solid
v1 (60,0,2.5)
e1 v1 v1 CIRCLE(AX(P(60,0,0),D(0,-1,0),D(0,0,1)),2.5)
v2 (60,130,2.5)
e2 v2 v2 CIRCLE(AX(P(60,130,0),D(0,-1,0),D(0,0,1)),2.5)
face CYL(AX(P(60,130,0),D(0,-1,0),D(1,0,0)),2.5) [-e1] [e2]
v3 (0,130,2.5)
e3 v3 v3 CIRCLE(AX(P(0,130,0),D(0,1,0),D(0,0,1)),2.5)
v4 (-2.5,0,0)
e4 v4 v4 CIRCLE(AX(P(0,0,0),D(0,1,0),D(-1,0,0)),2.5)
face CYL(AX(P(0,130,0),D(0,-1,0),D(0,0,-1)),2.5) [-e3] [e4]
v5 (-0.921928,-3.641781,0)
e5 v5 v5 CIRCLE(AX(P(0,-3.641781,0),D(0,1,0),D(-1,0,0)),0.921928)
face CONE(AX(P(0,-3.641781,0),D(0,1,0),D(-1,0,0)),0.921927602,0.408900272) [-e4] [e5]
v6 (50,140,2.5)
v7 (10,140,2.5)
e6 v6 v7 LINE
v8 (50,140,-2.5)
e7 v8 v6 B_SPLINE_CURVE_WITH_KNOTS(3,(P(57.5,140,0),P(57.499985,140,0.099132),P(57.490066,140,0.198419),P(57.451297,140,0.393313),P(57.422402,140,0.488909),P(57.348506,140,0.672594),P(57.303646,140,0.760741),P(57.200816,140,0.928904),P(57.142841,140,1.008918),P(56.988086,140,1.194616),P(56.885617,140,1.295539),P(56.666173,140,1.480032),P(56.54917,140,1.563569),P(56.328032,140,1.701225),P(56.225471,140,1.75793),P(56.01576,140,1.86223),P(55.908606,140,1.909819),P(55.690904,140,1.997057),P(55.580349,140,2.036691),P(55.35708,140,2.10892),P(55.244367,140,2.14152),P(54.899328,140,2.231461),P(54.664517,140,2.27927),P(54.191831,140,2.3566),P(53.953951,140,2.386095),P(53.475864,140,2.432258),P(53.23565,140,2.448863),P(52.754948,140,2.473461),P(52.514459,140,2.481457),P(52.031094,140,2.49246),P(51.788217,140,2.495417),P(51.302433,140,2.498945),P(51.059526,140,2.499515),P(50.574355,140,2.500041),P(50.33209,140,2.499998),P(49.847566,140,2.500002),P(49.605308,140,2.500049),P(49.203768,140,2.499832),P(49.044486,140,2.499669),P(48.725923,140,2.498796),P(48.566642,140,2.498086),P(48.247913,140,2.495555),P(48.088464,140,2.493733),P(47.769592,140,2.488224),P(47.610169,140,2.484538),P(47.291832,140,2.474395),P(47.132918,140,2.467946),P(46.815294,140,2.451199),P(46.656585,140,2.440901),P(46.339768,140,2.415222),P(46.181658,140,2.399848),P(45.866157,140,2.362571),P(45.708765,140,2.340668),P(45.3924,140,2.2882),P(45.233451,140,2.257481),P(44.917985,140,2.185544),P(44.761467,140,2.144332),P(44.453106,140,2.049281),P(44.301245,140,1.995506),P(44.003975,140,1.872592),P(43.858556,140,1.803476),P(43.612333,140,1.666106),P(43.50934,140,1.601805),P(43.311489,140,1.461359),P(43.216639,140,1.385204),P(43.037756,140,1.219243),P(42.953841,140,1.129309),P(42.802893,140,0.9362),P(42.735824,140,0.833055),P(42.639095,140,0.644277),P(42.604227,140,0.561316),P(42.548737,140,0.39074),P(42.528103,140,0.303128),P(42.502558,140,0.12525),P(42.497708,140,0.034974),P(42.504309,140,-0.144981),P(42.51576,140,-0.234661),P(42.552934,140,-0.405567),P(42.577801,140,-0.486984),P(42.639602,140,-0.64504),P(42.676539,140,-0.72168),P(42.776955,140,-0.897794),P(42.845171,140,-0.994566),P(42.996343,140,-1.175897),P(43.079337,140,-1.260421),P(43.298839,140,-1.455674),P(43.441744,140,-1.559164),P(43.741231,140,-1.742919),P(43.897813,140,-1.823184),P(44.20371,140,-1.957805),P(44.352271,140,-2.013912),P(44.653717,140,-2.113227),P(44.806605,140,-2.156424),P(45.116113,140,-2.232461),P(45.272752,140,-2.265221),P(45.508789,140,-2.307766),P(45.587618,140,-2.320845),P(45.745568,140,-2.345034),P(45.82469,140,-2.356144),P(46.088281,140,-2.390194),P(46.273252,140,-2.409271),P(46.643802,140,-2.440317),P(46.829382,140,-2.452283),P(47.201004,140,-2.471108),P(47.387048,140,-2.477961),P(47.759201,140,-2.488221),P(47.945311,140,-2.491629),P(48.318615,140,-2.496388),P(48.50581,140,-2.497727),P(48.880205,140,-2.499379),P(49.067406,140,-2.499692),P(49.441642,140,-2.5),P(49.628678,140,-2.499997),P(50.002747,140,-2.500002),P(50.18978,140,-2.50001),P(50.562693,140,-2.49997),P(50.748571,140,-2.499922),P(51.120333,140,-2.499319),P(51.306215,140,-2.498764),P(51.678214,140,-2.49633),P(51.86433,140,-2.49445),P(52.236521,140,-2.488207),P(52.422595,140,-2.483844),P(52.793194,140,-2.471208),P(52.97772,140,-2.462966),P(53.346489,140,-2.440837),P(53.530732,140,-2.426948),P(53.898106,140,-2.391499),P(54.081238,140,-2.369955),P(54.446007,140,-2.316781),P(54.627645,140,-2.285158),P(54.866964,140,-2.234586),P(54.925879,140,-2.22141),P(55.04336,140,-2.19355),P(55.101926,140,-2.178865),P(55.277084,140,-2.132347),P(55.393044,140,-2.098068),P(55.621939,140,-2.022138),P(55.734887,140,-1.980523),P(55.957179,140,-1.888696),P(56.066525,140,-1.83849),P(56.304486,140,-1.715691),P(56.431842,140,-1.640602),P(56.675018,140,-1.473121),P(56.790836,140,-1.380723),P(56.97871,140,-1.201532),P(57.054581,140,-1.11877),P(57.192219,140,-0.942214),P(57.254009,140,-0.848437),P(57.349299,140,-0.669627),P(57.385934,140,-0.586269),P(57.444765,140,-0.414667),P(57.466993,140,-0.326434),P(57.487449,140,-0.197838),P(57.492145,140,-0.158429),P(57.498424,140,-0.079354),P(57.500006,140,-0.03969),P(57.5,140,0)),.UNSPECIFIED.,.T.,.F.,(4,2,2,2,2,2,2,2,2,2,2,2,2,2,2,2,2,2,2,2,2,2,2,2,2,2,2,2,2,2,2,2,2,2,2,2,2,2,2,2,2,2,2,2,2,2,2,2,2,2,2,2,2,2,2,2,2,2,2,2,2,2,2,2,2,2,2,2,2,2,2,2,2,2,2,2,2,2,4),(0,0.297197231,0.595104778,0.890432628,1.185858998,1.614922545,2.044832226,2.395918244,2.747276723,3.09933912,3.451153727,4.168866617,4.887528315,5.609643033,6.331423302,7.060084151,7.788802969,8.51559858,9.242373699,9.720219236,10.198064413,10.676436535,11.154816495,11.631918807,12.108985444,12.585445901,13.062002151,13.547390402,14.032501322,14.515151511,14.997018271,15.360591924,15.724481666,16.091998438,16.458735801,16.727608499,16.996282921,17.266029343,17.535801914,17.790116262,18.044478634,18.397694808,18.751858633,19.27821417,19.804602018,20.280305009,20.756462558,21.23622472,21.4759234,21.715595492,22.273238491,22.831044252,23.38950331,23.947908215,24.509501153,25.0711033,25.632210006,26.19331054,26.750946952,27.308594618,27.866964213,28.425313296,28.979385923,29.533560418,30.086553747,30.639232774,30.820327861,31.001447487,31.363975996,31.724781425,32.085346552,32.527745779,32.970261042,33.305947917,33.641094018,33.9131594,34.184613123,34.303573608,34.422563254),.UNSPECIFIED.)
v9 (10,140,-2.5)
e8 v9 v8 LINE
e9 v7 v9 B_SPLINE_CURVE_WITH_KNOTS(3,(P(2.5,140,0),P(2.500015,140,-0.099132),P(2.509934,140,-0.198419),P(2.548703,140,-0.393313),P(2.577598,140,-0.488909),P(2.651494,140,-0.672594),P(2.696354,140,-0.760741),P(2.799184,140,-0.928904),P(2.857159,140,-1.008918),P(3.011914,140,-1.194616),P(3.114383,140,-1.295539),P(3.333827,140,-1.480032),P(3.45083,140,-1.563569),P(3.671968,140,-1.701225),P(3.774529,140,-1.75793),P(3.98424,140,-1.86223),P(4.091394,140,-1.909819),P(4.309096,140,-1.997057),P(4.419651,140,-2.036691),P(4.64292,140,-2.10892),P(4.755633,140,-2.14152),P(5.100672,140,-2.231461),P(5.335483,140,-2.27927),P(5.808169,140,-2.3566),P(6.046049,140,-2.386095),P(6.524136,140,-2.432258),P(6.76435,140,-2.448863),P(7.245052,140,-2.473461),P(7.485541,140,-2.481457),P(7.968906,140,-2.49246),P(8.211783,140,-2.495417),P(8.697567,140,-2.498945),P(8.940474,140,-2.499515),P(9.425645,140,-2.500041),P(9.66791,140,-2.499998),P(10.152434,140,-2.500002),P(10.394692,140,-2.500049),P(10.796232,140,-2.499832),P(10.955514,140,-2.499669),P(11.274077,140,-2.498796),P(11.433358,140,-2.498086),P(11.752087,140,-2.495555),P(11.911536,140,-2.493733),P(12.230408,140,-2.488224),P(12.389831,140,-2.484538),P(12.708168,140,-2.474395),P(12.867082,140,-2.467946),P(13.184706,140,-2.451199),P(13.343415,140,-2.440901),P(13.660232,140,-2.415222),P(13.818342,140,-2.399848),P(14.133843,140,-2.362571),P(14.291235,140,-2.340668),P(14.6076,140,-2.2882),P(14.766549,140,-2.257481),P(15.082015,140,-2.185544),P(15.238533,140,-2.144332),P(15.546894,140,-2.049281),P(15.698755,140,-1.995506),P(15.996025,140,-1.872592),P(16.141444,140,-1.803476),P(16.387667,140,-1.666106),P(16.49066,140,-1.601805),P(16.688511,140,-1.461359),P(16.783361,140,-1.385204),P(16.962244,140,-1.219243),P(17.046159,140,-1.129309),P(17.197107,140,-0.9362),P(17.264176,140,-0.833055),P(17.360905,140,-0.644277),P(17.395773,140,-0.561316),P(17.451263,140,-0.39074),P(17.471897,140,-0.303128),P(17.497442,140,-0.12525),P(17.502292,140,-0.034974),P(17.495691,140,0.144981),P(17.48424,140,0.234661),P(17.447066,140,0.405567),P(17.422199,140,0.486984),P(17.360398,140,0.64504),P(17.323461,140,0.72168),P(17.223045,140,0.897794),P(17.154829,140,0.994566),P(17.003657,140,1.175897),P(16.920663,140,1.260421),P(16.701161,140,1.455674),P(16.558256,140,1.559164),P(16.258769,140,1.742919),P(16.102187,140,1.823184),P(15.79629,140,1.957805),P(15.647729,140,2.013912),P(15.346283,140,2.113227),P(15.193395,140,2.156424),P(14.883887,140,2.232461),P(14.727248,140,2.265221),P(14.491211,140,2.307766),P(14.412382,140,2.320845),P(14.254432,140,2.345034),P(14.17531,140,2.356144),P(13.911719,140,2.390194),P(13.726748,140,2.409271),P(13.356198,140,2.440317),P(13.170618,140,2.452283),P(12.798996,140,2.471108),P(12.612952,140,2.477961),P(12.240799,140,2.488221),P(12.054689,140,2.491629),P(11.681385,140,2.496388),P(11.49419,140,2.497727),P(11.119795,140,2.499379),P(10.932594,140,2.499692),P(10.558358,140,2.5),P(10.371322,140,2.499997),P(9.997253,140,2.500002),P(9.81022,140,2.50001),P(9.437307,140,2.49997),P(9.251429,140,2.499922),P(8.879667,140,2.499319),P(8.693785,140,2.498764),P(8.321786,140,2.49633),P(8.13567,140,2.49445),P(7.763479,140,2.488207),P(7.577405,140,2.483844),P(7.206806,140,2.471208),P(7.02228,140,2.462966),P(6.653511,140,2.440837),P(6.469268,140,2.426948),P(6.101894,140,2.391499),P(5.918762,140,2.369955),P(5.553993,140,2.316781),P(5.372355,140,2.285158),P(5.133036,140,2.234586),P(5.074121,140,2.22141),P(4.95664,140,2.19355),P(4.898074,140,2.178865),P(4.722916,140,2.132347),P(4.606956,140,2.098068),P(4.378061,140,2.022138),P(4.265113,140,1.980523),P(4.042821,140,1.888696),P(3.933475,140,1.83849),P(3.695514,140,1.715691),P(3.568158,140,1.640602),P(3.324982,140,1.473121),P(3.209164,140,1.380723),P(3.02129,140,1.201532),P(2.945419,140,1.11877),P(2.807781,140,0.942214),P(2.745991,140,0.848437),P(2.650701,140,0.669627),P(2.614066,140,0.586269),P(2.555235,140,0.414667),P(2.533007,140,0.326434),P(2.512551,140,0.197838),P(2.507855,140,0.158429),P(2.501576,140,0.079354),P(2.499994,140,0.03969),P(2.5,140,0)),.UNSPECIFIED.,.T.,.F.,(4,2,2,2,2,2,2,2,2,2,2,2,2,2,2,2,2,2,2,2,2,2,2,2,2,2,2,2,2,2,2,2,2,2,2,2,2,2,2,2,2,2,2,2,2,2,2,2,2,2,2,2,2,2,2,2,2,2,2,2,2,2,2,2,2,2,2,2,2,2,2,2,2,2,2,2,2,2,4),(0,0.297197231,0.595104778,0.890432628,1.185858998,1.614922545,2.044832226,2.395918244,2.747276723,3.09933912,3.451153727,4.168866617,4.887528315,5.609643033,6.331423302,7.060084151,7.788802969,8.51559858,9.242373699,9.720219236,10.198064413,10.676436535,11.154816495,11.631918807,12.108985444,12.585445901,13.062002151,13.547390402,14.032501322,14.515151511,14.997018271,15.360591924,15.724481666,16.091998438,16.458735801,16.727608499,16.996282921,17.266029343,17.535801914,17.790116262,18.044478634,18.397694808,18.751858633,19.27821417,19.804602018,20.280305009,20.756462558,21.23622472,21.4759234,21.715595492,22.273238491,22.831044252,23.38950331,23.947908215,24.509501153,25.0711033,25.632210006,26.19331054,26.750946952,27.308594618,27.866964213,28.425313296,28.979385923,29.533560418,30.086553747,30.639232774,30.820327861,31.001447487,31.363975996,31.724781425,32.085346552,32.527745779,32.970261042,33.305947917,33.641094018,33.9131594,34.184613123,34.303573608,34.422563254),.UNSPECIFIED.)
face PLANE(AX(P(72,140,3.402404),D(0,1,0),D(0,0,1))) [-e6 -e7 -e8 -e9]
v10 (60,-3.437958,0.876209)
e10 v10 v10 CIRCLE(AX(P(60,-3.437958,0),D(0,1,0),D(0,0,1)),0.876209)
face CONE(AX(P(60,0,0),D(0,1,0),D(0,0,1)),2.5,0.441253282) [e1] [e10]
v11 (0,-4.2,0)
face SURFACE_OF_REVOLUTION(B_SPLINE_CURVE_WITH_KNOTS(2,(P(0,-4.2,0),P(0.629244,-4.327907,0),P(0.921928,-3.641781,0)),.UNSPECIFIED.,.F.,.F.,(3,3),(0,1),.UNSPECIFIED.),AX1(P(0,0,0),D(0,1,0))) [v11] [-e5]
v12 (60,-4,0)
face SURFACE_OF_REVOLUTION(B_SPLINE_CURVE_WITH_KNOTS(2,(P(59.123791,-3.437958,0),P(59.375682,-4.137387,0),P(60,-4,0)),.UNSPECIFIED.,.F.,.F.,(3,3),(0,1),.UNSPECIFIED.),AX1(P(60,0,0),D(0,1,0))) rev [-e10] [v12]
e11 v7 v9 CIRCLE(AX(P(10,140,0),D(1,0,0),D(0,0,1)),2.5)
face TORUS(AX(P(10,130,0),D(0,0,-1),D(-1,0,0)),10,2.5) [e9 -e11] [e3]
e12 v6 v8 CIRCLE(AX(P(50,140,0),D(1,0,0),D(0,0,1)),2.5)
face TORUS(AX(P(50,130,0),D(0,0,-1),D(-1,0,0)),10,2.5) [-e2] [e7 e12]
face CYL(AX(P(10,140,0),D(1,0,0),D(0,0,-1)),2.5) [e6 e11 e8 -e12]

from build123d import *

# Parameters (mm, degrees)
SKETCH3_R          = 2.5
SKETCH7_W          = 6.517782954
SKETCH7_H          = 4.322109435
CUT_EXTRUDE1_DEPTH = 72


with BuildPart() as part:
    # Sweep1: sweep along a path in Sketch4
    with BuildLine(Plane.XY) as sweep1_path:
        Line((0, 0), (0, 130))
        ThreePointArc((0, 130), (2.928932188, 137.071067812), (10, 140))
        Line((10, 140), (50, 140))
        ThreePointArc((50, 140), (57.071067812, 137.071067812), (60, 130))
        Line((60, 130), (60, 24.600902506))
        Line((60, 24.600902506), (60, 0))
    # Sketch3 → Sweep1 (sweep)
    with BuildSketch(Plane(origin=(0, 0, 0), x_dir=(1, 0, 0), z_dir=(0, 1, 0))):
        Circle(SKETCH3_R)
    sweep(path=sweep1_path.line)

    # Sketch5 → Revolve1 (revolve)
    with BuildSketch(Plane.XY):
        with BuildLine():
            Line((0, 0), (0, -4.2))
            add(Edge.make_bspline(
                [(0.921927602, -3.641780971), (0.629243953, -4.327906562), (0, -4.2)],
                knots=[0, 0, 0, 1, 1, 1], degree=2))
            Line((0.921927602, -3.641780971), (2.5, 0))
            Line((2.5, 0), (0, 0))
        make_face()
    revolve(axis=Axis((0, 0, 0), (0, -1, 0)))

    # Sketch6 → Revolve2 (revolve)
    with BuildSketch(Plane.XY):
        with BuildLine():
            Line((57.5, 0), (60, 0))
            Line((60, 0), (60, -4))
            add(Edge.make_bspline(
                [(59.123790654, -3.437958358), (59.375682143, -4.137387225), (60, -4)],
                knots=[0, 0, 0, 1, 1, 1], degree=2))
            Line((59.123790654, -3.437958358), (57.5, 0))
        make_face()
    revolve(axis=Axis((60, 0, 0), (0, -1, 0)))

    # Sketch7 → Cut-Extrude1 (cut)
    with BuildSketch(Plane(origin=(0, 0, 0), x_dir=(0, 0, -1), z_dir=(1, 0, 0))):
        with Locations((-0.143512102, 142.161054718)):
            Rectangle(SKETCH7_W, SKETCH7_H)
    extrude(amount=CUT_EXTRUDE1_DEPTH, mode=Mode.SUBTRACT)


solid = part.part
